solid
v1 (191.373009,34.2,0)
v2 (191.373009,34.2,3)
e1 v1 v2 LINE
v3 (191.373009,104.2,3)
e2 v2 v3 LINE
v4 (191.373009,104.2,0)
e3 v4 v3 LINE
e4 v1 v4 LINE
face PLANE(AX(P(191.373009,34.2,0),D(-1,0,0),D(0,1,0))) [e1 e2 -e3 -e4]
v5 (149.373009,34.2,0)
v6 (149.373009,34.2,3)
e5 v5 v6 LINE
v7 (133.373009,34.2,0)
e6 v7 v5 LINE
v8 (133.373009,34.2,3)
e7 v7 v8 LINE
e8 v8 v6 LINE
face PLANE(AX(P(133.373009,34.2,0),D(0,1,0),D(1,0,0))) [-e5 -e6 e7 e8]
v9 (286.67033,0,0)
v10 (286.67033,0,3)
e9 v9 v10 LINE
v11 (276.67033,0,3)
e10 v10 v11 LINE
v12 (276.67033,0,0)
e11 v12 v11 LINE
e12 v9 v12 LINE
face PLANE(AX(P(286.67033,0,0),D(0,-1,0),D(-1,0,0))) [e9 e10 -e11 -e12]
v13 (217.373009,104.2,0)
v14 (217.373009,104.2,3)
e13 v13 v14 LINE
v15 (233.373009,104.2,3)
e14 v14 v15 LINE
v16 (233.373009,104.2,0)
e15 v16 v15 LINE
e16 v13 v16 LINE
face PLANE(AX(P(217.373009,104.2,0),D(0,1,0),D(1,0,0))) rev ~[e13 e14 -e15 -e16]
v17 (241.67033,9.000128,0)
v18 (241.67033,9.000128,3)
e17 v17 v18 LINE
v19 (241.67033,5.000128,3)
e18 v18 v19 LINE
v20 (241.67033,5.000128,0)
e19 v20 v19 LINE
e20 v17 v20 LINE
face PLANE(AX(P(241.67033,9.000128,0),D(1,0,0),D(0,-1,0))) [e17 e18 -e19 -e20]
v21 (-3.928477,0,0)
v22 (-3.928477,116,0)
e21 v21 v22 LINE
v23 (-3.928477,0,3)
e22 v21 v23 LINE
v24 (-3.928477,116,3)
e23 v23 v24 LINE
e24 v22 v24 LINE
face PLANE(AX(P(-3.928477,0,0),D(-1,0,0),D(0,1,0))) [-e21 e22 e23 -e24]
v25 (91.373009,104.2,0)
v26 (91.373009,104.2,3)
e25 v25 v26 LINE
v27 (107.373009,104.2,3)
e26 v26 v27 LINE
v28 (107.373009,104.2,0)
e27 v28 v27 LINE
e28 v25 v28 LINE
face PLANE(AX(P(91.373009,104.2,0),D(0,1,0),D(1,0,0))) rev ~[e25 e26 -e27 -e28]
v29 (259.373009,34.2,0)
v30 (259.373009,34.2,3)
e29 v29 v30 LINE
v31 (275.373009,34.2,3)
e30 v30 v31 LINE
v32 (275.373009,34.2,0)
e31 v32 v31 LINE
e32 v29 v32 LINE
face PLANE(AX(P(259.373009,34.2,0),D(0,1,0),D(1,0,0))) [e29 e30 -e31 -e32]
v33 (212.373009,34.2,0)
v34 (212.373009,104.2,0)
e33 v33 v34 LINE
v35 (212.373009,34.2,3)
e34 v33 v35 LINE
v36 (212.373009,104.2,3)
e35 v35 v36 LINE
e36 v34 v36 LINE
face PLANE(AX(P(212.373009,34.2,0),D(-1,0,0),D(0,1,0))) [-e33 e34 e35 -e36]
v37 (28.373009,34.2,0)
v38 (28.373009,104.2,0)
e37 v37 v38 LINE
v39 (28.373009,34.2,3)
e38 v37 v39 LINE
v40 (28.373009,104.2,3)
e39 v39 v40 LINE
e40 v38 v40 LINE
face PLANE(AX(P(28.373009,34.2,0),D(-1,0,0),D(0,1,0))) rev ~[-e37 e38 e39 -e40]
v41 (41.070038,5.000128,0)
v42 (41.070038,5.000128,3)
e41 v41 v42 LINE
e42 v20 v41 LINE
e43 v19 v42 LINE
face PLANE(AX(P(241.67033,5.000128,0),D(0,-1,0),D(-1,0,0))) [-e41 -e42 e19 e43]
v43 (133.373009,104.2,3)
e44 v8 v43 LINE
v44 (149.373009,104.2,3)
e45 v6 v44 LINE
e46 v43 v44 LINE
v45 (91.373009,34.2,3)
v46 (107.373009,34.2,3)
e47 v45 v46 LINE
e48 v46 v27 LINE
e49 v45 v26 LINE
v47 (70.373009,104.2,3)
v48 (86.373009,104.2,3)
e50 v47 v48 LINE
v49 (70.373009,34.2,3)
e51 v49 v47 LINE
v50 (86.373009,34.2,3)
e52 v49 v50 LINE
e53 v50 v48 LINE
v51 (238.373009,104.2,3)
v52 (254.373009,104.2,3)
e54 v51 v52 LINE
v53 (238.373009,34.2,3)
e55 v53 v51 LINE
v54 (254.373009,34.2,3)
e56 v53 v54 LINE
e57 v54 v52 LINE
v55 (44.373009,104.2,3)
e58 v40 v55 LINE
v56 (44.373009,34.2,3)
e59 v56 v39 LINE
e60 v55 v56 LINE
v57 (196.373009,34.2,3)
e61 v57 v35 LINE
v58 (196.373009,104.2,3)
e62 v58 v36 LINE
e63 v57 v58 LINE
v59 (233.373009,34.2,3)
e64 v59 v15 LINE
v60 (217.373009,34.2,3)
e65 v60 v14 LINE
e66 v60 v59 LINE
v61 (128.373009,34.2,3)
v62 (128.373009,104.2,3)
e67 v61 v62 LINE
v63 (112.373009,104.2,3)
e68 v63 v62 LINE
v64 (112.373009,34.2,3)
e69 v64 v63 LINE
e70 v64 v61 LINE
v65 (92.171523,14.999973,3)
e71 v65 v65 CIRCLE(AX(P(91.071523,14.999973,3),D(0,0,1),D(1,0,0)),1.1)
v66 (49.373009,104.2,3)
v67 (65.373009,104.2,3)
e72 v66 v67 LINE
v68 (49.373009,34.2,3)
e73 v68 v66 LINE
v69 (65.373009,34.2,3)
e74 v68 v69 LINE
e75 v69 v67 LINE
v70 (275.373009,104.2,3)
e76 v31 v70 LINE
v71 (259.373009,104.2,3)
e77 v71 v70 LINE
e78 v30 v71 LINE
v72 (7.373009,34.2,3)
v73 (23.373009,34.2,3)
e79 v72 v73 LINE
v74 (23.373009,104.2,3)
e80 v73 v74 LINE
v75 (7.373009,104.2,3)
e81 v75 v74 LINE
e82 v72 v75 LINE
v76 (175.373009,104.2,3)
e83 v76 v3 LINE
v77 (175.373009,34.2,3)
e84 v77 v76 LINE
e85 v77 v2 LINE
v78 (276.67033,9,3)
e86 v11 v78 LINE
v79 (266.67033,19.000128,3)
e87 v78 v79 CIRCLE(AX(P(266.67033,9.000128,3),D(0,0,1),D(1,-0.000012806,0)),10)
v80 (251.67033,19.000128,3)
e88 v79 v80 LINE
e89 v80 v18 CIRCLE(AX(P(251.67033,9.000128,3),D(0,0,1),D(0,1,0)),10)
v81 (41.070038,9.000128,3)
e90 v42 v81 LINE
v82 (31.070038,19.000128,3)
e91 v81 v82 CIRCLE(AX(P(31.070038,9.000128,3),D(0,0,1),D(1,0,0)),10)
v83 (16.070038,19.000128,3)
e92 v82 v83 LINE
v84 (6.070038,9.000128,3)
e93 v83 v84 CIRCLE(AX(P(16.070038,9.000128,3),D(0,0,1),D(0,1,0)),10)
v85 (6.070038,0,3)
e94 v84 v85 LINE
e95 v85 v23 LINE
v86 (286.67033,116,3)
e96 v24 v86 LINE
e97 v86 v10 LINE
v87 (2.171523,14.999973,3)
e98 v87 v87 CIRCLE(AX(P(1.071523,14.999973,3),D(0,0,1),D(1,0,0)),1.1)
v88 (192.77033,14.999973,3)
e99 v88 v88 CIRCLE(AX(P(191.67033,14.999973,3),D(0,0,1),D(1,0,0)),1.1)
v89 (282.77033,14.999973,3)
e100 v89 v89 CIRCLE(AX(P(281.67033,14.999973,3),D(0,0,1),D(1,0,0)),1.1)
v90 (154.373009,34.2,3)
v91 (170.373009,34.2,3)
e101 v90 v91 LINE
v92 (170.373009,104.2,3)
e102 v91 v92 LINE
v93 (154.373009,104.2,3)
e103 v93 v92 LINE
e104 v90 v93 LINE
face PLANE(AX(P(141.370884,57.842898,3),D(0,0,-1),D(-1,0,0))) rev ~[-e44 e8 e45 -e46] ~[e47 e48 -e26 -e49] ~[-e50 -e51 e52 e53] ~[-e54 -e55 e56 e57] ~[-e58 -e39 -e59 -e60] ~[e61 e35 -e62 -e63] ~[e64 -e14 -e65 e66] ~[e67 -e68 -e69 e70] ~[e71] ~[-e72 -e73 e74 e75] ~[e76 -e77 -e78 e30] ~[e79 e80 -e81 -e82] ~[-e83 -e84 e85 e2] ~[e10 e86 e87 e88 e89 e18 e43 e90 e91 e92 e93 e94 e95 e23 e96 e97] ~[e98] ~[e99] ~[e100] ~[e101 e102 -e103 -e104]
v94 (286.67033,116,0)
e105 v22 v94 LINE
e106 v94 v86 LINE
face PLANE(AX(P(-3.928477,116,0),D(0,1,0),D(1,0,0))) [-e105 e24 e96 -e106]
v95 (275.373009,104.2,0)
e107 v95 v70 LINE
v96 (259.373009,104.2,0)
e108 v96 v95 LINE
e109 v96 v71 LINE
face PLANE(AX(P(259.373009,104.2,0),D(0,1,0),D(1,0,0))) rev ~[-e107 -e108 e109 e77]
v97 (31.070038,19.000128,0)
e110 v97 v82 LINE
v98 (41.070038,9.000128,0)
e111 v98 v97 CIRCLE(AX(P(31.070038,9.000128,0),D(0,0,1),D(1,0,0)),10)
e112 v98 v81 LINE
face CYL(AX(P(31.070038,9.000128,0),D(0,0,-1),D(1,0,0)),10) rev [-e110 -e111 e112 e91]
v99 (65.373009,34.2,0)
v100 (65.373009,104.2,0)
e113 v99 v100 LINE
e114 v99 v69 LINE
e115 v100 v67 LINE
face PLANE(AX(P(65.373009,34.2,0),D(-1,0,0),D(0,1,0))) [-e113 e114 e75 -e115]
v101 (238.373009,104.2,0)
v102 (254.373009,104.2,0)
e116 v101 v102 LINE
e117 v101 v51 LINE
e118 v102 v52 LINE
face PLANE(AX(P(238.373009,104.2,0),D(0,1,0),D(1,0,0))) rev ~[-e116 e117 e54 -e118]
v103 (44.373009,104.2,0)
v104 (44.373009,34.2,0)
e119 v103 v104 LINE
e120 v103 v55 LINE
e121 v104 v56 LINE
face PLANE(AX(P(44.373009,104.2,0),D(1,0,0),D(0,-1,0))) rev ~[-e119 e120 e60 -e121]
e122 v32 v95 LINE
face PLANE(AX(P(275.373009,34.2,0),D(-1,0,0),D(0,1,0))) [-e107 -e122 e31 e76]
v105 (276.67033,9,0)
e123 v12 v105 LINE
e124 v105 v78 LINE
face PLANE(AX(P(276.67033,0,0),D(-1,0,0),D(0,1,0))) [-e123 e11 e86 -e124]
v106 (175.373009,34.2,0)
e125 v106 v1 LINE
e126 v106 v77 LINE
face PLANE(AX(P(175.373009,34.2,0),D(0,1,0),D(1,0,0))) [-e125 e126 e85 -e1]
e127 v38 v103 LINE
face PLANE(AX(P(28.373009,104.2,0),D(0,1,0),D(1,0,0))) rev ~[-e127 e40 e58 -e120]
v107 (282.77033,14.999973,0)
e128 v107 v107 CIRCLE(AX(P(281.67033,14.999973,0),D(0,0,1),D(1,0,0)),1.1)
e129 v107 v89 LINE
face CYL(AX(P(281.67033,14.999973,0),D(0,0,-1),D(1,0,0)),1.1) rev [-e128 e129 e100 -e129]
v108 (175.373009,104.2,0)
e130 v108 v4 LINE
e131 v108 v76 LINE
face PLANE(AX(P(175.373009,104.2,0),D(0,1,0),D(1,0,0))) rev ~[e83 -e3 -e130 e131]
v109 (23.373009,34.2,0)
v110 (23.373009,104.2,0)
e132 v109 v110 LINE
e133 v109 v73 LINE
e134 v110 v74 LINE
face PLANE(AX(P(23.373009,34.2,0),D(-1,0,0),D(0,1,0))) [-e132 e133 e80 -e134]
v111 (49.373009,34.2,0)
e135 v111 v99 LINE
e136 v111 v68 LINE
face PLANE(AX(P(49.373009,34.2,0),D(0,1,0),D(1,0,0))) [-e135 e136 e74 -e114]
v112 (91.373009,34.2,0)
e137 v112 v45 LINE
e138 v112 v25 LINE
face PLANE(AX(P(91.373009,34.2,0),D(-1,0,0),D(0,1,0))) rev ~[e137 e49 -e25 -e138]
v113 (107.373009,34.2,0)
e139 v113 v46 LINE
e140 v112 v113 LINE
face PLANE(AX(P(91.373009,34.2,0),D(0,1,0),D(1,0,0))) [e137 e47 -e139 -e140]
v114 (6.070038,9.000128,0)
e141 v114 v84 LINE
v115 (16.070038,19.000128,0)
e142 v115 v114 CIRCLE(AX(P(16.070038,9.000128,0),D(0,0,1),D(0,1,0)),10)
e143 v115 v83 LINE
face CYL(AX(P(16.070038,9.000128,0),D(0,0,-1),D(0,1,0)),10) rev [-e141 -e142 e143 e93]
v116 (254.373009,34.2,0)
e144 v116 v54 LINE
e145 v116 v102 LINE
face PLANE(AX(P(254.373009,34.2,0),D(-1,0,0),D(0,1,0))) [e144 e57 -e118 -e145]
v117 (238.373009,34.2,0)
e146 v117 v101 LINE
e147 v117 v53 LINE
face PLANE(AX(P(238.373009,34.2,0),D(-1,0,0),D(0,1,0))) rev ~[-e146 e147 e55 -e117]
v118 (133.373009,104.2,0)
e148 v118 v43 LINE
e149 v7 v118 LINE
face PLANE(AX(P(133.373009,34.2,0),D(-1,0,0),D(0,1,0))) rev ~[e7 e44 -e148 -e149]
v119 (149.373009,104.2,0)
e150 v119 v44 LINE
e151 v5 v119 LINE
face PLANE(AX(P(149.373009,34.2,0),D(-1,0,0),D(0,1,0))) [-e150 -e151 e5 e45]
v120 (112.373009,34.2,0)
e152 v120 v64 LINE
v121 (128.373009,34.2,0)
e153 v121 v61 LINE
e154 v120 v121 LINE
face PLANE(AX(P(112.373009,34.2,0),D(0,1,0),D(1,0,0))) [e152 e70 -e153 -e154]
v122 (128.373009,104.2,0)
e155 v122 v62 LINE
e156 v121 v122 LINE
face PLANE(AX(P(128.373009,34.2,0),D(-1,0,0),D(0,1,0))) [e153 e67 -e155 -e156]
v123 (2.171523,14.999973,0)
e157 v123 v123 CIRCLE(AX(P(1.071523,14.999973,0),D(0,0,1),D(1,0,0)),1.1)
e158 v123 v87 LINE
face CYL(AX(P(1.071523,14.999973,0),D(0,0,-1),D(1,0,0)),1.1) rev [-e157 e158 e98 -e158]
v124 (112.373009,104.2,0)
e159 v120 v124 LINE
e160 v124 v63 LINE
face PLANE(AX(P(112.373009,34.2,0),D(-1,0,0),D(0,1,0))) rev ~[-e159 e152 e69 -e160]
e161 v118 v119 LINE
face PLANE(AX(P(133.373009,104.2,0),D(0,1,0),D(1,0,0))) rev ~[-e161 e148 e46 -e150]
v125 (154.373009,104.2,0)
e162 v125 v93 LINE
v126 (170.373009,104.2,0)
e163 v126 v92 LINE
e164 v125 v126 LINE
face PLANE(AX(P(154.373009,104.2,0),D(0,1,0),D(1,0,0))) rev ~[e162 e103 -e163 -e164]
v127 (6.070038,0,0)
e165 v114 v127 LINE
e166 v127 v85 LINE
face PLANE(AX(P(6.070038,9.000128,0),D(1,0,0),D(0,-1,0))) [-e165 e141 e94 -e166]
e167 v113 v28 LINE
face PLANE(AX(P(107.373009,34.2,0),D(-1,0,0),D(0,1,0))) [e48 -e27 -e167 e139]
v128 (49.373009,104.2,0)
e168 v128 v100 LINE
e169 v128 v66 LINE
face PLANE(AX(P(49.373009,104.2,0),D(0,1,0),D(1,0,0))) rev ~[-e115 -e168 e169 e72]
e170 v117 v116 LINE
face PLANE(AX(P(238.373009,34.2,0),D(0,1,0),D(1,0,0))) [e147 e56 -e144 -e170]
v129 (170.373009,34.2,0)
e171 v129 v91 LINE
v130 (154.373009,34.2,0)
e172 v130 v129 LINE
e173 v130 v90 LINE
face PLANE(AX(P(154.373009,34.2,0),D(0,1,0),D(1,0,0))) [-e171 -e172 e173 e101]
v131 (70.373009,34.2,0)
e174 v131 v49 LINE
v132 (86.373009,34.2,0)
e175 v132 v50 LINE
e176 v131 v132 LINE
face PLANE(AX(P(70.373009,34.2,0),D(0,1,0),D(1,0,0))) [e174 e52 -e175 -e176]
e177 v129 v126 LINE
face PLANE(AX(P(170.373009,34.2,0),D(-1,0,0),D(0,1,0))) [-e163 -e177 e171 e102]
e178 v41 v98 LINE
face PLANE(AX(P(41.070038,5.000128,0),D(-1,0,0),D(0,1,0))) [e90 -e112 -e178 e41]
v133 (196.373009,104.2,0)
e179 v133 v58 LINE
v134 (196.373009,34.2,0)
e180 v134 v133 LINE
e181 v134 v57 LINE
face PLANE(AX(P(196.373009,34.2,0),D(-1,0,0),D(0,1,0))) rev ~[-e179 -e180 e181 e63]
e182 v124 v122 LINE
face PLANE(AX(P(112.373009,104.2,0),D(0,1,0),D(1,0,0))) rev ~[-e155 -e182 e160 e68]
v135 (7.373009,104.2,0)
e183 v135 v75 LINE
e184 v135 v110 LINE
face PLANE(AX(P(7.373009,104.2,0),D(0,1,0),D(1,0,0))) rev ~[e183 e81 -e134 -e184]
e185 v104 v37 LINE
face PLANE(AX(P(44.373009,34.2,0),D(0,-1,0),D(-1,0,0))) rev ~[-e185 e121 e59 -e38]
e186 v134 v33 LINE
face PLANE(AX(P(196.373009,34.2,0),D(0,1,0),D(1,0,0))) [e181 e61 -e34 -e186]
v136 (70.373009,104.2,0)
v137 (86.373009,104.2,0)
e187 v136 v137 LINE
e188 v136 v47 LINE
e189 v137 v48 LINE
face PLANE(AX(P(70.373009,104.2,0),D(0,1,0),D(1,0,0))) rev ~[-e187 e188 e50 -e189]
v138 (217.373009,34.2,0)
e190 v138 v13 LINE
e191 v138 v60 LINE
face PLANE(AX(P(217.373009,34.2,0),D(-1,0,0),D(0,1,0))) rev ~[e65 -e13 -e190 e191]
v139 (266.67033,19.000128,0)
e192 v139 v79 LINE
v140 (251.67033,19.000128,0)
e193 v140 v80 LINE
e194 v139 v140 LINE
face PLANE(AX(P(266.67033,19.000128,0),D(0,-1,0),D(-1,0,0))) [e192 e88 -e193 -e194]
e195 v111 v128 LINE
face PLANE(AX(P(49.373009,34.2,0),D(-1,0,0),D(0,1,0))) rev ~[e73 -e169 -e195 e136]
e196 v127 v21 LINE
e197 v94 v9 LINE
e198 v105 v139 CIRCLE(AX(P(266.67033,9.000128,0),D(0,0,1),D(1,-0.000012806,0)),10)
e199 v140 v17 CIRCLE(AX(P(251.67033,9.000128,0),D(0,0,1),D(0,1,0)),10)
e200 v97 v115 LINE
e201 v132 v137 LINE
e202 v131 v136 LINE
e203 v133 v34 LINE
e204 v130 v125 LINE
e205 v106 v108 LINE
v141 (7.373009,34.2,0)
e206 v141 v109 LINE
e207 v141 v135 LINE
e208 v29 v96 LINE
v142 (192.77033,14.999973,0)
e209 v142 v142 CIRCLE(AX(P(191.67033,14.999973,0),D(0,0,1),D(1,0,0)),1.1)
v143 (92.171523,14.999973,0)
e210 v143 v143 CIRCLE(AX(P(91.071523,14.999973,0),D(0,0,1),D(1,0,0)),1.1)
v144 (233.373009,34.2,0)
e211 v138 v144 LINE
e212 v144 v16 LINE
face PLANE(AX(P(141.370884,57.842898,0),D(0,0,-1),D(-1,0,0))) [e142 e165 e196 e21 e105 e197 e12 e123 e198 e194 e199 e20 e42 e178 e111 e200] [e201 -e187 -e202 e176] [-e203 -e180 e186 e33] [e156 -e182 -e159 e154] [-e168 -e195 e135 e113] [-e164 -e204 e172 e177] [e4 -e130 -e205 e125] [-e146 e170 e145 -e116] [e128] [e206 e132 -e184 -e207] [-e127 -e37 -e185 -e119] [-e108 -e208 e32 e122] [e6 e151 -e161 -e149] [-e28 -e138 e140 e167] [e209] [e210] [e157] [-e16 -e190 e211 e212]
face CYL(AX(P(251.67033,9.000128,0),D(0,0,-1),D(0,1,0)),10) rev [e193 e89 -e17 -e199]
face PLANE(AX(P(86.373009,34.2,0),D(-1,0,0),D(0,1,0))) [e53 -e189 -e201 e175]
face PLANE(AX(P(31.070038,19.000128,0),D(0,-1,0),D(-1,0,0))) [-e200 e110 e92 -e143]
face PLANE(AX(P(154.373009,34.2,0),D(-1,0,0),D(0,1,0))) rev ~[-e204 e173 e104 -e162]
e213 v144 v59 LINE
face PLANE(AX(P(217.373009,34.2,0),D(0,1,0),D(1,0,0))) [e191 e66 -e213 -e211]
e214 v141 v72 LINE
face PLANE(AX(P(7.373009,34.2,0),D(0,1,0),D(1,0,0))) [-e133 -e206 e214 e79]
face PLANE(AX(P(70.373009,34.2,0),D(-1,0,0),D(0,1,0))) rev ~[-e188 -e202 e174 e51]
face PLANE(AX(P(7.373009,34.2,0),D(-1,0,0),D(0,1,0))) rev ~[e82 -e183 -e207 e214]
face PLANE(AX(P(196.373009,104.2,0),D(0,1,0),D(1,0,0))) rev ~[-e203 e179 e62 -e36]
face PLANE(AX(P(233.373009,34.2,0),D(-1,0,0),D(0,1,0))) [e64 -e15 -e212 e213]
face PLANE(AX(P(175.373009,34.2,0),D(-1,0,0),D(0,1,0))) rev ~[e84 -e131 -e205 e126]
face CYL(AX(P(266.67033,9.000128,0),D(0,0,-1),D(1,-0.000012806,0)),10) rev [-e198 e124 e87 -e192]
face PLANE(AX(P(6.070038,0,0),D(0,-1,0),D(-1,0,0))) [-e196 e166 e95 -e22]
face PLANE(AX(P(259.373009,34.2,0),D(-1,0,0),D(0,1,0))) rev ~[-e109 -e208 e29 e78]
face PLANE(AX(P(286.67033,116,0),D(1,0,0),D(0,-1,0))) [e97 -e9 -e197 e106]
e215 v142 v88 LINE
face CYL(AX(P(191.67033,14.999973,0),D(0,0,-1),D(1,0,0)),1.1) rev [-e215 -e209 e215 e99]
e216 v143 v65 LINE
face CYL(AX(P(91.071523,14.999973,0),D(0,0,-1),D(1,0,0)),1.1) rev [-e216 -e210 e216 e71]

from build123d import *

# Parameters (mm, degrees)
ESQUISSE5_R      = 1.1
ESQUISSE5_W      = 16
ESQUISSE5_H      = 70
ESQUISSE5_W_2    = 15.999999999
EXTRUSION1_DEPTH = 3


with BuildPart() as part:
    # Esquisse5 → Extrusion1 (new body)
    with BuildSketch(Plane.XY):
        with BuildLine():
            Line((-3.928476502, 116), (286.670329677, 116))
            Line((286.670329677, 116), (286.670329677, 0))
            Line((286.670329677, 0), (276.670329677, 0))
            Line((276.670329677, 0), (276.670329677, 8.999999996))
            ThreePointArc((276.670329677, 8.999999996), (273.741442764, 16.071150589), (266.670329677, 19.000128051))
            Line((266.670329677, 19.000128051), (251.670329678, 19.000128051))
            ThreePointArc((251.670329678, 19.000128051), (244.599261866, 16.071195863), (241.670329677, 9.000128051))
            Line((241.670329677, 9.000128051), (241.670329677, 5.000128051))
            Line((241.670329677, 5.000128051), (41.070037623, 5.000128051))
            Line((41.070037623, 5.000128051), (41.070037623, 9.000128051))
            ThreePointArc((41.070037623, 9.000128051), (38.141105434, 16.071195863), (31.070037623, 19.000128051))
            Line((31.070037623, 19.000128051), (16.070037622, 19.000128051))
            ThreePointArc((16.070037622, 19.000128051), (8.998969811, 16.071195863), (6.070037623, 9.000128051))
            Line((6.070037623, 9.000128051), (6.070037623, 0))
            Line((6.070037623, 0), (-3.928476502, 0))
            Line((-3.928476502, 0), (-3.928476502, 116))
        make_face()
        with Locations((191.670329678, 14.999972575)):
            Circle(ESQUISSE5_R, mode=Mode.SUBTRACT)
        with Locations((1.071523498, 14.999972575)):
            Circle(ESQUISSE5_R, mode=Mode.SUBTRACT)
        with Locations((91.071523498, 14.999972575)):
            Circle(ESQUISSE5_R, mode=Mode.SUBTRACT)
        with Locations((281.670329677, 14.999972575)):
            Circle(ESQUISSE5_R, mode=Mode.SUBTRACT)
        Polygon((28.373009183, 104.2), (44.373009183, 104.2), (44.373009183, 34.2), (28.373009183, 34.2), align=None, mode=Mode.SUBTRACT)
        with Locations((15.373009183, 69.2)):
            Rectangle(ESQUISSE5_W, ESQUISSE5_H, mode=Mode.SUBTRACT)
        with Locations((57.373009183, 69.2)):
            Rectangle(ESQUISSE5_W, ESQUISSE5_H, mode=Mode.SUBTRACT)
        with Locations((78.373009183, 69.2)):
            Rectangle(ESQUISSE5_W, ESQUISSE5_H, mode=Mode.SUBTRACT)
        with Locations((99.373009183, 69.2)):
            Rectangle(ESQUISSE5_W, ESQUISSE5_H, mode=Mode.SUBTRACT)
        with Locations((120.373009183, 69.2)):
            Rectangle(ESQUISSE5_W, ESQUISSE5_H, mode=Mode.SUBTRACT)
        with Locations((141.373009183, 69.2)):
            Rectangle(ESQUISSE5_W, ESQUISSE5_H, mode=Mode.SUBTRACT)
        with Locations((162.373009183, 69.2)):
            Rectangle(ESQUISSE5_W_2, ESQUISSE5_H, mode=Mode.SUBTRACT)
        with Locations((183.373009182, 69.2)):
            Rectangle(ESQUISSE5_W, ESQUISSE5_H, mode=Mode.SUBTRACT)
        with Locations((204.373009182, 69.2)):
            Rectangle(ESQUISSE5_W, ESQUISSE5_H, mode=Mode.SUBTRACT)
        with Locations((225.373009182, 69.2)):
            Rectangle(ESQUISSE5_W, ESQUISSE5_H, mode=Mode.SUBTRACT)
        with Locations((246.373009182, 69.2)):
            Rectangle(ESQUISSE5_W, ESQUISSE5_H, mode=Mode.SUBTRACT)
        with Locations((267.373009182, 69.2)):
            Rectangle(ESQUISSE5_W, ESQUISSE5_H, mode=Mode.SUBTRACT)
    extrude(amount=EXTRUSION1_DEPTH)


solid = part.part
